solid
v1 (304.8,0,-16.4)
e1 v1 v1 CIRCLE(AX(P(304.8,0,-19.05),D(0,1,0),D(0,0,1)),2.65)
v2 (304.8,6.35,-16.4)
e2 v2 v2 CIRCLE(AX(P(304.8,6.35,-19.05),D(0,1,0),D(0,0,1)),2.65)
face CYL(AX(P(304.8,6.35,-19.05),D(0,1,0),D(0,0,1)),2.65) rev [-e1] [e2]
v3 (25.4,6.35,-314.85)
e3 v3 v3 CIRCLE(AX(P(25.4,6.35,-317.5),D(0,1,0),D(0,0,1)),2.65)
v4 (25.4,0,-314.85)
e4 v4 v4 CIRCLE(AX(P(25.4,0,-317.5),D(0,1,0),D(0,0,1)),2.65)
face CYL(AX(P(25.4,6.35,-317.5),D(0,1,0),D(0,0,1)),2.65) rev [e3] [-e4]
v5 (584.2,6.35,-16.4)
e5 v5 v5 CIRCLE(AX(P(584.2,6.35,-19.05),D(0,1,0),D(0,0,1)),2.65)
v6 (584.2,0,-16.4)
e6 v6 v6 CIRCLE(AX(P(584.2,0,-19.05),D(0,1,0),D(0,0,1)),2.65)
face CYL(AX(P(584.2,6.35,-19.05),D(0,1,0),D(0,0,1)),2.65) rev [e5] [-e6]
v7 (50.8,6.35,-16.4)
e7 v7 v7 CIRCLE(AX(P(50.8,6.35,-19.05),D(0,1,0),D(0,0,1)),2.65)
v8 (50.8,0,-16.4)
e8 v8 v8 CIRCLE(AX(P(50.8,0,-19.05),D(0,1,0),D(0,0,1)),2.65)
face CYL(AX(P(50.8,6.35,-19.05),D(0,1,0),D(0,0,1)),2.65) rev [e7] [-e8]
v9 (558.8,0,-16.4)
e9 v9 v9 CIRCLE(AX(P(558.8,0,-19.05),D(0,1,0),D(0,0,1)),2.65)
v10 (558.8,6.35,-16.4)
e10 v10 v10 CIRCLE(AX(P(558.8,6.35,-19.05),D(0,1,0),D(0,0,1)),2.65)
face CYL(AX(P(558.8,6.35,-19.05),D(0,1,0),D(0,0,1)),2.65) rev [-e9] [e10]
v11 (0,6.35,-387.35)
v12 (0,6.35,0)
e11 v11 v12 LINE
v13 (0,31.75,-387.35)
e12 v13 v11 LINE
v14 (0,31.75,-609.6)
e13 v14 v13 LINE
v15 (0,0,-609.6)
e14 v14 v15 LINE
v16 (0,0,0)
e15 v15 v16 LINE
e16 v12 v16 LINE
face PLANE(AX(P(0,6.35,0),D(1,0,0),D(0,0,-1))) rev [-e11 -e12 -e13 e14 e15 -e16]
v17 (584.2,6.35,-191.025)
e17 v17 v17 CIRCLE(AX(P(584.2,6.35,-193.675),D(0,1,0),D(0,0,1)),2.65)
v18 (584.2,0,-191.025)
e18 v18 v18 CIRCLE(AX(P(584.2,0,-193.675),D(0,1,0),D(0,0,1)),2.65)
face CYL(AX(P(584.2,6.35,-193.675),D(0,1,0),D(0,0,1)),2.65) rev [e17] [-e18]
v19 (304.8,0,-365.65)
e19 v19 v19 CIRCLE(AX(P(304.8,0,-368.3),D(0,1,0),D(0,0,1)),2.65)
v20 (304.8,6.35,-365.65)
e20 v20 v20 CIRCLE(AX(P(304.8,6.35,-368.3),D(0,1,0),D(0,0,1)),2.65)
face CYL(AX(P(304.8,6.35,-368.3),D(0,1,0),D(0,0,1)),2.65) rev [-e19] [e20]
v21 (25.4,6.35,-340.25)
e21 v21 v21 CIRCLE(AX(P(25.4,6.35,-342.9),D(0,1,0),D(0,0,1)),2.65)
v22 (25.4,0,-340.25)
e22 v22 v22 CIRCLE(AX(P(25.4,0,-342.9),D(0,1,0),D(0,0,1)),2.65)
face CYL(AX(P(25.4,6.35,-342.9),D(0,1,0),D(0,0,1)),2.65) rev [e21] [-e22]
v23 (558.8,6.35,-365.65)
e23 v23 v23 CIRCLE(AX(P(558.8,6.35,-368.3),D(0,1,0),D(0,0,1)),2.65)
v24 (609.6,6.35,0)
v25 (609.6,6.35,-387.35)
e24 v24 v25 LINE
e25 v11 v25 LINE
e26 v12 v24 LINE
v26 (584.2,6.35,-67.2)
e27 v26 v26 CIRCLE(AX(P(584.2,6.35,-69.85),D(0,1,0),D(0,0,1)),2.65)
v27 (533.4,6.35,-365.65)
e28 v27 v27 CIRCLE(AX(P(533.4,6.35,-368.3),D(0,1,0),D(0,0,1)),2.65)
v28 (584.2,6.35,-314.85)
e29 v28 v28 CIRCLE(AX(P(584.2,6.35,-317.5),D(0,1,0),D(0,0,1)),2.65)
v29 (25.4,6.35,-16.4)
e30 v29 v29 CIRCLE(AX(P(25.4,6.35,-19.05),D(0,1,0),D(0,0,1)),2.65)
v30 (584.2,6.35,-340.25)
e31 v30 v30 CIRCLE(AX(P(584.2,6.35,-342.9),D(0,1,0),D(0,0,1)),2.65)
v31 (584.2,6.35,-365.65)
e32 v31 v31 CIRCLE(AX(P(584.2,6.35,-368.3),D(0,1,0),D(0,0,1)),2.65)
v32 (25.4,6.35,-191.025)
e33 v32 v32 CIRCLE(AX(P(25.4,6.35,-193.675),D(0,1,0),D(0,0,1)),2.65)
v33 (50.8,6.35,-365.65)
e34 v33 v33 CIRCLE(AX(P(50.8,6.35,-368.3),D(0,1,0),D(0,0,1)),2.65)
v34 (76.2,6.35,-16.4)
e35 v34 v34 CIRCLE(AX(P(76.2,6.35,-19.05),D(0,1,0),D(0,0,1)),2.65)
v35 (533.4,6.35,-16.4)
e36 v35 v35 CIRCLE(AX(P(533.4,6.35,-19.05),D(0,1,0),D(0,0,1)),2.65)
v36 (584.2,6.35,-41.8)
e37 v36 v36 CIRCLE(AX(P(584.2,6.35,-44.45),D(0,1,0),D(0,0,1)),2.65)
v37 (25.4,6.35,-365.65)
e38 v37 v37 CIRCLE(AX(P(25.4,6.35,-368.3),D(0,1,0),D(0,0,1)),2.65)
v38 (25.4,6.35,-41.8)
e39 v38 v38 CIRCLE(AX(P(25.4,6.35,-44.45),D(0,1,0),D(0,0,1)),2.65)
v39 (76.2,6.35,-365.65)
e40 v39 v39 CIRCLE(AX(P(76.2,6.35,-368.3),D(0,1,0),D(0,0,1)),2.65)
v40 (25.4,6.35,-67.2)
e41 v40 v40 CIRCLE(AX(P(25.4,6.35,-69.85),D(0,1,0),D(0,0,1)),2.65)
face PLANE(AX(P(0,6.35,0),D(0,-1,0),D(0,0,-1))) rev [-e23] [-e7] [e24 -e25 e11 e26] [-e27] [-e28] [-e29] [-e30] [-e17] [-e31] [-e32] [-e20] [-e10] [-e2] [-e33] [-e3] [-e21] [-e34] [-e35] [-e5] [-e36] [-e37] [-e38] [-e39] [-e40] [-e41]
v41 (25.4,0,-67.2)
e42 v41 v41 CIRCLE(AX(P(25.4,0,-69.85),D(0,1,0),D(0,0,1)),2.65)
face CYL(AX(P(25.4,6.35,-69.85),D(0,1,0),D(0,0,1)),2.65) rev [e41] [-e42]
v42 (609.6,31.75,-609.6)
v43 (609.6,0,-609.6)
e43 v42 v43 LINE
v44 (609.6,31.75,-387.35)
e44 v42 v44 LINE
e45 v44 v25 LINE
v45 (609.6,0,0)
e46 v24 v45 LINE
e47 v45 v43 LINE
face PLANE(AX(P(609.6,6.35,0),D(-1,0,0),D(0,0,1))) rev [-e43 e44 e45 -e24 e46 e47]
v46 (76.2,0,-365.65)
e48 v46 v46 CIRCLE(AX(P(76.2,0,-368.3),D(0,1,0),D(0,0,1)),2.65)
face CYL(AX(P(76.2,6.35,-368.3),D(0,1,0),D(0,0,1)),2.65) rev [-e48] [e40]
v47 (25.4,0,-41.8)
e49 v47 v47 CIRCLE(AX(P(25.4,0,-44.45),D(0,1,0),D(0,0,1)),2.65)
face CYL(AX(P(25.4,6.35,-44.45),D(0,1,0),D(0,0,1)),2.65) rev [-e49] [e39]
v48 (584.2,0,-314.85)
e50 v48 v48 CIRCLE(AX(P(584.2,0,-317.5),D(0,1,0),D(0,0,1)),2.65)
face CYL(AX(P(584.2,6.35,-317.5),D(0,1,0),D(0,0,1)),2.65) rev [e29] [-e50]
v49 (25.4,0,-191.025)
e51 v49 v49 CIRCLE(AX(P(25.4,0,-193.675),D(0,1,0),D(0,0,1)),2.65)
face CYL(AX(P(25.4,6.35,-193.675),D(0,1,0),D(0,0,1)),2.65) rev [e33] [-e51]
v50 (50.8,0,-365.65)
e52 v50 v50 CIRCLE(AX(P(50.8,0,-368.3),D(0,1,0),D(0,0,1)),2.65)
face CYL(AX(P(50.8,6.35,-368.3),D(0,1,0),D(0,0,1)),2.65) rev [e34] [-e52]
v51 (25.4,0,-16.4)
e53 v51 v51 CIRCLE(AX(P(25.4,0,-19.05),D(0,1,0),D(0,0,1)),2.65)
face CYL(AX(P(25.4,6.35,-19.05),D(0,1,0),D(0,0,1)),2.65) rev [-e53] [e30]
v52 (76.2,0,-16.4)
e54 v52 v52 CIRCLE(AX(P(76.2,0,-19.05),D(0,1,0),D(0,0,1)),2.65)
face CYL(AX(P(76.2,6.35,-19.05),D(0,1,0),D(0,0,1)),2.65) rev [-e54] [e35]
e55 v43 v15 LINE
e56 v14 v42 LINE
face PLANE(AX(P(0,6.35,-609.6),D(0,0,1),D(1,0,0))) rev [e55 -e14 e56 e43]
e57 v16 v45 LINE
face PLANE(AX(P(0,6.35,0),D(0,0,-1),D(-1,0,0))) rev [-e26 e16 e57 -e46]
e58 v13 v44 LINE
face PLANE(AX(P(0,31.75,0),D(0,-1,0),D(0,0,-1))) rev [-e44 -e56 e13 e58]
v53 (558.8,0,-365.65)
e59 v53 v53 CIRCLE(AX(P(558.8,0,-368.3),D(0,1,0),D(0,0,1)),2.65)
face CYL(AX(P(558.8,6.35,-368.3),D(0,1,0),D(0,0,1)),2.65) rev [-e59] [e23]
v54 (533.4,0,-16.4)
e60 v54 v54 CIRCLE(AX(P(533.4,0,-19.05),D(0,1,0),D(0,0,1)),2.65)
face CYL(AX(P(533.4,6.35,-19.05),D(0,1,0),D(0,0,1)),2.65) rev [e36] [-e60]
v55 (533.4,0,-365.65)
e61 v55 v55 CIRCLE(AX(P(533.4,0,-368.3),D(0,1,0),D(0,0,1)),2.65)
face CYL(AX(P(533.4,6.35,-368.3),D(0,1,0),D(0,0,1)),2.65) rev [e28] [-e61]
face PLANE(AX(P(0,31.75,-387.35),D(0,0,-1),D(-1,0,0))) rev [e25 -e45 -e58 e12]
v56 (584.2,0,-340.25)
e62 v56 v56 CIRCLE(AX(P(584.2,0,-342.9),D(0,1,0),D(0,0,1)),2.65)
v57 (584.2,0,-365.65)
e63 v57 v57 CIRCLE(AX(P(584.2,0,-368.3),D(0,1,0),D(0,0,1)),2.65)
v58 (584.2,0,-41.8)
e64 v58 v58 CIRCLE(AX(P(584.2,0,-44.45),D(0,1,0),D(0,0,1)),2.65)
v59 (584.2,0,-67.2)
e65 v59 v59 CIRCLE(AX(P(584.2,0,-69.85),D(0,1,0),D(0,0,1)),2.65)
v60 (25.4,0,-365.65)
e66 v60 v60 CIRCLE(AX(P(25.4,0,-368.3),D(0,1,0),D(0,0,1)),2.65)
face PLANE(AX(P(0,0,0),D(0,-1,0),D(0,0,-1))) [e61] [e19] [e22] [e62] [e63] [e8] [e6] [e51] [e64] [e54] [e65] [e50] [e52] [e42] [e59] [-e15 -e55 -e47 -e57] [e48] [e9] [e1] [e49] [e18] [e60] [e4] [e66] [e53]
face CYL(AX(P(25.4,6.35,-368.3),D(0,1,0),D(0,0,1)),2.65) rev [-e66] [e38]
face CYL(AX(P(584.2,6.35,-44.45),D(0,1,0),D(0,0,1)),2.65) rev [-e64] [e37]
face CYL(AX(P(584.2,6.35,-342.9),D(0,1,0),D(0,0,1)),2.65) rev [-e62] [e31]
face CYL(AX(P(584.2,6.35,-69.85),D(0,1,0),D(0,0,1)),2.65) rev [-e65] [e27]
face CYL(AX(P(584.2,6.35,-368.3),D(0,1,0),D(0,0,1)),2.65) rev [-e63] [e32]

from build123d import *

# Parameters (mm, degrees)
SKETCH1_W                  = 609.6
SKETCH1_H                  = 609.6
BOSS_EXTRUDE1_DEPTH        = 6.35
SKETCH2_W                  = 609.6
SKETCH2_H                  = 222.25
BOSS_EXTRUDE2_DEPTH        = 25.4
F_5_3_5_3_DIAMETER_HOLE1_D = 5.3


with BuildPart() as part:
    # Sketch1 → Boss-Extrude1 (new body)
    with BuildSketch(Plane(origin=(0, 0, 0), x_dir=(1, 0, 0), z_dir=(0, 1, 0))):
        with Locations((304.8, 304.8)):
            Rectangle(SKETCH1_W, SKETCH1_H)
    extrude(amount=BOSS_EXTRUDE1_DEPTH)

    # Sketch2 → Boss-Extrude2 (add)
    with BuildSketch(Plane(origin=(0, 6.35, 0), x_dir=(1, 0, 0), z_dir=(0, 1, 0))):
        with Locations((304.8, 498.475)):
            Rectangle(SKETCH2_W, SKETCH2_H)
    extrude(amount=BOSS_EXTRUDE2_DEPTH)

    # Ø5.3 (5.3) Diameter Hole1 (through all)
    with Locations(Plane(origin=(0, 6.35, 0), x_dir=(1, 0, 0), z_dir=(0, 1, 0))):
        with Locations((25.4, 368.3), (50.8, 368.3), (76.2, 368.3), (25.4, 342.9), (25.4, 317.5), (25.4, 69.85), (25.4, 44.45), (25.4, 19.05), (50.8, 19.05), (76.2, 19.05), (304.8, 19.05), (25.4, 193.675), (304.8, 368.3), (584.2, 193.675), (533.4, 368.3), (558.8, 368.3), (584.2, 368.3), (584.2, 342.9), (584.2, 317.5), (584.2, 69.85), (584.2, 44.45), (584.2, 19.05), (558.8, 19.05), (533.4, 19.05)):
            Hole(F_5_3_5_3_DIAMETER_HOLE1_D / 2)


solid = part.part
